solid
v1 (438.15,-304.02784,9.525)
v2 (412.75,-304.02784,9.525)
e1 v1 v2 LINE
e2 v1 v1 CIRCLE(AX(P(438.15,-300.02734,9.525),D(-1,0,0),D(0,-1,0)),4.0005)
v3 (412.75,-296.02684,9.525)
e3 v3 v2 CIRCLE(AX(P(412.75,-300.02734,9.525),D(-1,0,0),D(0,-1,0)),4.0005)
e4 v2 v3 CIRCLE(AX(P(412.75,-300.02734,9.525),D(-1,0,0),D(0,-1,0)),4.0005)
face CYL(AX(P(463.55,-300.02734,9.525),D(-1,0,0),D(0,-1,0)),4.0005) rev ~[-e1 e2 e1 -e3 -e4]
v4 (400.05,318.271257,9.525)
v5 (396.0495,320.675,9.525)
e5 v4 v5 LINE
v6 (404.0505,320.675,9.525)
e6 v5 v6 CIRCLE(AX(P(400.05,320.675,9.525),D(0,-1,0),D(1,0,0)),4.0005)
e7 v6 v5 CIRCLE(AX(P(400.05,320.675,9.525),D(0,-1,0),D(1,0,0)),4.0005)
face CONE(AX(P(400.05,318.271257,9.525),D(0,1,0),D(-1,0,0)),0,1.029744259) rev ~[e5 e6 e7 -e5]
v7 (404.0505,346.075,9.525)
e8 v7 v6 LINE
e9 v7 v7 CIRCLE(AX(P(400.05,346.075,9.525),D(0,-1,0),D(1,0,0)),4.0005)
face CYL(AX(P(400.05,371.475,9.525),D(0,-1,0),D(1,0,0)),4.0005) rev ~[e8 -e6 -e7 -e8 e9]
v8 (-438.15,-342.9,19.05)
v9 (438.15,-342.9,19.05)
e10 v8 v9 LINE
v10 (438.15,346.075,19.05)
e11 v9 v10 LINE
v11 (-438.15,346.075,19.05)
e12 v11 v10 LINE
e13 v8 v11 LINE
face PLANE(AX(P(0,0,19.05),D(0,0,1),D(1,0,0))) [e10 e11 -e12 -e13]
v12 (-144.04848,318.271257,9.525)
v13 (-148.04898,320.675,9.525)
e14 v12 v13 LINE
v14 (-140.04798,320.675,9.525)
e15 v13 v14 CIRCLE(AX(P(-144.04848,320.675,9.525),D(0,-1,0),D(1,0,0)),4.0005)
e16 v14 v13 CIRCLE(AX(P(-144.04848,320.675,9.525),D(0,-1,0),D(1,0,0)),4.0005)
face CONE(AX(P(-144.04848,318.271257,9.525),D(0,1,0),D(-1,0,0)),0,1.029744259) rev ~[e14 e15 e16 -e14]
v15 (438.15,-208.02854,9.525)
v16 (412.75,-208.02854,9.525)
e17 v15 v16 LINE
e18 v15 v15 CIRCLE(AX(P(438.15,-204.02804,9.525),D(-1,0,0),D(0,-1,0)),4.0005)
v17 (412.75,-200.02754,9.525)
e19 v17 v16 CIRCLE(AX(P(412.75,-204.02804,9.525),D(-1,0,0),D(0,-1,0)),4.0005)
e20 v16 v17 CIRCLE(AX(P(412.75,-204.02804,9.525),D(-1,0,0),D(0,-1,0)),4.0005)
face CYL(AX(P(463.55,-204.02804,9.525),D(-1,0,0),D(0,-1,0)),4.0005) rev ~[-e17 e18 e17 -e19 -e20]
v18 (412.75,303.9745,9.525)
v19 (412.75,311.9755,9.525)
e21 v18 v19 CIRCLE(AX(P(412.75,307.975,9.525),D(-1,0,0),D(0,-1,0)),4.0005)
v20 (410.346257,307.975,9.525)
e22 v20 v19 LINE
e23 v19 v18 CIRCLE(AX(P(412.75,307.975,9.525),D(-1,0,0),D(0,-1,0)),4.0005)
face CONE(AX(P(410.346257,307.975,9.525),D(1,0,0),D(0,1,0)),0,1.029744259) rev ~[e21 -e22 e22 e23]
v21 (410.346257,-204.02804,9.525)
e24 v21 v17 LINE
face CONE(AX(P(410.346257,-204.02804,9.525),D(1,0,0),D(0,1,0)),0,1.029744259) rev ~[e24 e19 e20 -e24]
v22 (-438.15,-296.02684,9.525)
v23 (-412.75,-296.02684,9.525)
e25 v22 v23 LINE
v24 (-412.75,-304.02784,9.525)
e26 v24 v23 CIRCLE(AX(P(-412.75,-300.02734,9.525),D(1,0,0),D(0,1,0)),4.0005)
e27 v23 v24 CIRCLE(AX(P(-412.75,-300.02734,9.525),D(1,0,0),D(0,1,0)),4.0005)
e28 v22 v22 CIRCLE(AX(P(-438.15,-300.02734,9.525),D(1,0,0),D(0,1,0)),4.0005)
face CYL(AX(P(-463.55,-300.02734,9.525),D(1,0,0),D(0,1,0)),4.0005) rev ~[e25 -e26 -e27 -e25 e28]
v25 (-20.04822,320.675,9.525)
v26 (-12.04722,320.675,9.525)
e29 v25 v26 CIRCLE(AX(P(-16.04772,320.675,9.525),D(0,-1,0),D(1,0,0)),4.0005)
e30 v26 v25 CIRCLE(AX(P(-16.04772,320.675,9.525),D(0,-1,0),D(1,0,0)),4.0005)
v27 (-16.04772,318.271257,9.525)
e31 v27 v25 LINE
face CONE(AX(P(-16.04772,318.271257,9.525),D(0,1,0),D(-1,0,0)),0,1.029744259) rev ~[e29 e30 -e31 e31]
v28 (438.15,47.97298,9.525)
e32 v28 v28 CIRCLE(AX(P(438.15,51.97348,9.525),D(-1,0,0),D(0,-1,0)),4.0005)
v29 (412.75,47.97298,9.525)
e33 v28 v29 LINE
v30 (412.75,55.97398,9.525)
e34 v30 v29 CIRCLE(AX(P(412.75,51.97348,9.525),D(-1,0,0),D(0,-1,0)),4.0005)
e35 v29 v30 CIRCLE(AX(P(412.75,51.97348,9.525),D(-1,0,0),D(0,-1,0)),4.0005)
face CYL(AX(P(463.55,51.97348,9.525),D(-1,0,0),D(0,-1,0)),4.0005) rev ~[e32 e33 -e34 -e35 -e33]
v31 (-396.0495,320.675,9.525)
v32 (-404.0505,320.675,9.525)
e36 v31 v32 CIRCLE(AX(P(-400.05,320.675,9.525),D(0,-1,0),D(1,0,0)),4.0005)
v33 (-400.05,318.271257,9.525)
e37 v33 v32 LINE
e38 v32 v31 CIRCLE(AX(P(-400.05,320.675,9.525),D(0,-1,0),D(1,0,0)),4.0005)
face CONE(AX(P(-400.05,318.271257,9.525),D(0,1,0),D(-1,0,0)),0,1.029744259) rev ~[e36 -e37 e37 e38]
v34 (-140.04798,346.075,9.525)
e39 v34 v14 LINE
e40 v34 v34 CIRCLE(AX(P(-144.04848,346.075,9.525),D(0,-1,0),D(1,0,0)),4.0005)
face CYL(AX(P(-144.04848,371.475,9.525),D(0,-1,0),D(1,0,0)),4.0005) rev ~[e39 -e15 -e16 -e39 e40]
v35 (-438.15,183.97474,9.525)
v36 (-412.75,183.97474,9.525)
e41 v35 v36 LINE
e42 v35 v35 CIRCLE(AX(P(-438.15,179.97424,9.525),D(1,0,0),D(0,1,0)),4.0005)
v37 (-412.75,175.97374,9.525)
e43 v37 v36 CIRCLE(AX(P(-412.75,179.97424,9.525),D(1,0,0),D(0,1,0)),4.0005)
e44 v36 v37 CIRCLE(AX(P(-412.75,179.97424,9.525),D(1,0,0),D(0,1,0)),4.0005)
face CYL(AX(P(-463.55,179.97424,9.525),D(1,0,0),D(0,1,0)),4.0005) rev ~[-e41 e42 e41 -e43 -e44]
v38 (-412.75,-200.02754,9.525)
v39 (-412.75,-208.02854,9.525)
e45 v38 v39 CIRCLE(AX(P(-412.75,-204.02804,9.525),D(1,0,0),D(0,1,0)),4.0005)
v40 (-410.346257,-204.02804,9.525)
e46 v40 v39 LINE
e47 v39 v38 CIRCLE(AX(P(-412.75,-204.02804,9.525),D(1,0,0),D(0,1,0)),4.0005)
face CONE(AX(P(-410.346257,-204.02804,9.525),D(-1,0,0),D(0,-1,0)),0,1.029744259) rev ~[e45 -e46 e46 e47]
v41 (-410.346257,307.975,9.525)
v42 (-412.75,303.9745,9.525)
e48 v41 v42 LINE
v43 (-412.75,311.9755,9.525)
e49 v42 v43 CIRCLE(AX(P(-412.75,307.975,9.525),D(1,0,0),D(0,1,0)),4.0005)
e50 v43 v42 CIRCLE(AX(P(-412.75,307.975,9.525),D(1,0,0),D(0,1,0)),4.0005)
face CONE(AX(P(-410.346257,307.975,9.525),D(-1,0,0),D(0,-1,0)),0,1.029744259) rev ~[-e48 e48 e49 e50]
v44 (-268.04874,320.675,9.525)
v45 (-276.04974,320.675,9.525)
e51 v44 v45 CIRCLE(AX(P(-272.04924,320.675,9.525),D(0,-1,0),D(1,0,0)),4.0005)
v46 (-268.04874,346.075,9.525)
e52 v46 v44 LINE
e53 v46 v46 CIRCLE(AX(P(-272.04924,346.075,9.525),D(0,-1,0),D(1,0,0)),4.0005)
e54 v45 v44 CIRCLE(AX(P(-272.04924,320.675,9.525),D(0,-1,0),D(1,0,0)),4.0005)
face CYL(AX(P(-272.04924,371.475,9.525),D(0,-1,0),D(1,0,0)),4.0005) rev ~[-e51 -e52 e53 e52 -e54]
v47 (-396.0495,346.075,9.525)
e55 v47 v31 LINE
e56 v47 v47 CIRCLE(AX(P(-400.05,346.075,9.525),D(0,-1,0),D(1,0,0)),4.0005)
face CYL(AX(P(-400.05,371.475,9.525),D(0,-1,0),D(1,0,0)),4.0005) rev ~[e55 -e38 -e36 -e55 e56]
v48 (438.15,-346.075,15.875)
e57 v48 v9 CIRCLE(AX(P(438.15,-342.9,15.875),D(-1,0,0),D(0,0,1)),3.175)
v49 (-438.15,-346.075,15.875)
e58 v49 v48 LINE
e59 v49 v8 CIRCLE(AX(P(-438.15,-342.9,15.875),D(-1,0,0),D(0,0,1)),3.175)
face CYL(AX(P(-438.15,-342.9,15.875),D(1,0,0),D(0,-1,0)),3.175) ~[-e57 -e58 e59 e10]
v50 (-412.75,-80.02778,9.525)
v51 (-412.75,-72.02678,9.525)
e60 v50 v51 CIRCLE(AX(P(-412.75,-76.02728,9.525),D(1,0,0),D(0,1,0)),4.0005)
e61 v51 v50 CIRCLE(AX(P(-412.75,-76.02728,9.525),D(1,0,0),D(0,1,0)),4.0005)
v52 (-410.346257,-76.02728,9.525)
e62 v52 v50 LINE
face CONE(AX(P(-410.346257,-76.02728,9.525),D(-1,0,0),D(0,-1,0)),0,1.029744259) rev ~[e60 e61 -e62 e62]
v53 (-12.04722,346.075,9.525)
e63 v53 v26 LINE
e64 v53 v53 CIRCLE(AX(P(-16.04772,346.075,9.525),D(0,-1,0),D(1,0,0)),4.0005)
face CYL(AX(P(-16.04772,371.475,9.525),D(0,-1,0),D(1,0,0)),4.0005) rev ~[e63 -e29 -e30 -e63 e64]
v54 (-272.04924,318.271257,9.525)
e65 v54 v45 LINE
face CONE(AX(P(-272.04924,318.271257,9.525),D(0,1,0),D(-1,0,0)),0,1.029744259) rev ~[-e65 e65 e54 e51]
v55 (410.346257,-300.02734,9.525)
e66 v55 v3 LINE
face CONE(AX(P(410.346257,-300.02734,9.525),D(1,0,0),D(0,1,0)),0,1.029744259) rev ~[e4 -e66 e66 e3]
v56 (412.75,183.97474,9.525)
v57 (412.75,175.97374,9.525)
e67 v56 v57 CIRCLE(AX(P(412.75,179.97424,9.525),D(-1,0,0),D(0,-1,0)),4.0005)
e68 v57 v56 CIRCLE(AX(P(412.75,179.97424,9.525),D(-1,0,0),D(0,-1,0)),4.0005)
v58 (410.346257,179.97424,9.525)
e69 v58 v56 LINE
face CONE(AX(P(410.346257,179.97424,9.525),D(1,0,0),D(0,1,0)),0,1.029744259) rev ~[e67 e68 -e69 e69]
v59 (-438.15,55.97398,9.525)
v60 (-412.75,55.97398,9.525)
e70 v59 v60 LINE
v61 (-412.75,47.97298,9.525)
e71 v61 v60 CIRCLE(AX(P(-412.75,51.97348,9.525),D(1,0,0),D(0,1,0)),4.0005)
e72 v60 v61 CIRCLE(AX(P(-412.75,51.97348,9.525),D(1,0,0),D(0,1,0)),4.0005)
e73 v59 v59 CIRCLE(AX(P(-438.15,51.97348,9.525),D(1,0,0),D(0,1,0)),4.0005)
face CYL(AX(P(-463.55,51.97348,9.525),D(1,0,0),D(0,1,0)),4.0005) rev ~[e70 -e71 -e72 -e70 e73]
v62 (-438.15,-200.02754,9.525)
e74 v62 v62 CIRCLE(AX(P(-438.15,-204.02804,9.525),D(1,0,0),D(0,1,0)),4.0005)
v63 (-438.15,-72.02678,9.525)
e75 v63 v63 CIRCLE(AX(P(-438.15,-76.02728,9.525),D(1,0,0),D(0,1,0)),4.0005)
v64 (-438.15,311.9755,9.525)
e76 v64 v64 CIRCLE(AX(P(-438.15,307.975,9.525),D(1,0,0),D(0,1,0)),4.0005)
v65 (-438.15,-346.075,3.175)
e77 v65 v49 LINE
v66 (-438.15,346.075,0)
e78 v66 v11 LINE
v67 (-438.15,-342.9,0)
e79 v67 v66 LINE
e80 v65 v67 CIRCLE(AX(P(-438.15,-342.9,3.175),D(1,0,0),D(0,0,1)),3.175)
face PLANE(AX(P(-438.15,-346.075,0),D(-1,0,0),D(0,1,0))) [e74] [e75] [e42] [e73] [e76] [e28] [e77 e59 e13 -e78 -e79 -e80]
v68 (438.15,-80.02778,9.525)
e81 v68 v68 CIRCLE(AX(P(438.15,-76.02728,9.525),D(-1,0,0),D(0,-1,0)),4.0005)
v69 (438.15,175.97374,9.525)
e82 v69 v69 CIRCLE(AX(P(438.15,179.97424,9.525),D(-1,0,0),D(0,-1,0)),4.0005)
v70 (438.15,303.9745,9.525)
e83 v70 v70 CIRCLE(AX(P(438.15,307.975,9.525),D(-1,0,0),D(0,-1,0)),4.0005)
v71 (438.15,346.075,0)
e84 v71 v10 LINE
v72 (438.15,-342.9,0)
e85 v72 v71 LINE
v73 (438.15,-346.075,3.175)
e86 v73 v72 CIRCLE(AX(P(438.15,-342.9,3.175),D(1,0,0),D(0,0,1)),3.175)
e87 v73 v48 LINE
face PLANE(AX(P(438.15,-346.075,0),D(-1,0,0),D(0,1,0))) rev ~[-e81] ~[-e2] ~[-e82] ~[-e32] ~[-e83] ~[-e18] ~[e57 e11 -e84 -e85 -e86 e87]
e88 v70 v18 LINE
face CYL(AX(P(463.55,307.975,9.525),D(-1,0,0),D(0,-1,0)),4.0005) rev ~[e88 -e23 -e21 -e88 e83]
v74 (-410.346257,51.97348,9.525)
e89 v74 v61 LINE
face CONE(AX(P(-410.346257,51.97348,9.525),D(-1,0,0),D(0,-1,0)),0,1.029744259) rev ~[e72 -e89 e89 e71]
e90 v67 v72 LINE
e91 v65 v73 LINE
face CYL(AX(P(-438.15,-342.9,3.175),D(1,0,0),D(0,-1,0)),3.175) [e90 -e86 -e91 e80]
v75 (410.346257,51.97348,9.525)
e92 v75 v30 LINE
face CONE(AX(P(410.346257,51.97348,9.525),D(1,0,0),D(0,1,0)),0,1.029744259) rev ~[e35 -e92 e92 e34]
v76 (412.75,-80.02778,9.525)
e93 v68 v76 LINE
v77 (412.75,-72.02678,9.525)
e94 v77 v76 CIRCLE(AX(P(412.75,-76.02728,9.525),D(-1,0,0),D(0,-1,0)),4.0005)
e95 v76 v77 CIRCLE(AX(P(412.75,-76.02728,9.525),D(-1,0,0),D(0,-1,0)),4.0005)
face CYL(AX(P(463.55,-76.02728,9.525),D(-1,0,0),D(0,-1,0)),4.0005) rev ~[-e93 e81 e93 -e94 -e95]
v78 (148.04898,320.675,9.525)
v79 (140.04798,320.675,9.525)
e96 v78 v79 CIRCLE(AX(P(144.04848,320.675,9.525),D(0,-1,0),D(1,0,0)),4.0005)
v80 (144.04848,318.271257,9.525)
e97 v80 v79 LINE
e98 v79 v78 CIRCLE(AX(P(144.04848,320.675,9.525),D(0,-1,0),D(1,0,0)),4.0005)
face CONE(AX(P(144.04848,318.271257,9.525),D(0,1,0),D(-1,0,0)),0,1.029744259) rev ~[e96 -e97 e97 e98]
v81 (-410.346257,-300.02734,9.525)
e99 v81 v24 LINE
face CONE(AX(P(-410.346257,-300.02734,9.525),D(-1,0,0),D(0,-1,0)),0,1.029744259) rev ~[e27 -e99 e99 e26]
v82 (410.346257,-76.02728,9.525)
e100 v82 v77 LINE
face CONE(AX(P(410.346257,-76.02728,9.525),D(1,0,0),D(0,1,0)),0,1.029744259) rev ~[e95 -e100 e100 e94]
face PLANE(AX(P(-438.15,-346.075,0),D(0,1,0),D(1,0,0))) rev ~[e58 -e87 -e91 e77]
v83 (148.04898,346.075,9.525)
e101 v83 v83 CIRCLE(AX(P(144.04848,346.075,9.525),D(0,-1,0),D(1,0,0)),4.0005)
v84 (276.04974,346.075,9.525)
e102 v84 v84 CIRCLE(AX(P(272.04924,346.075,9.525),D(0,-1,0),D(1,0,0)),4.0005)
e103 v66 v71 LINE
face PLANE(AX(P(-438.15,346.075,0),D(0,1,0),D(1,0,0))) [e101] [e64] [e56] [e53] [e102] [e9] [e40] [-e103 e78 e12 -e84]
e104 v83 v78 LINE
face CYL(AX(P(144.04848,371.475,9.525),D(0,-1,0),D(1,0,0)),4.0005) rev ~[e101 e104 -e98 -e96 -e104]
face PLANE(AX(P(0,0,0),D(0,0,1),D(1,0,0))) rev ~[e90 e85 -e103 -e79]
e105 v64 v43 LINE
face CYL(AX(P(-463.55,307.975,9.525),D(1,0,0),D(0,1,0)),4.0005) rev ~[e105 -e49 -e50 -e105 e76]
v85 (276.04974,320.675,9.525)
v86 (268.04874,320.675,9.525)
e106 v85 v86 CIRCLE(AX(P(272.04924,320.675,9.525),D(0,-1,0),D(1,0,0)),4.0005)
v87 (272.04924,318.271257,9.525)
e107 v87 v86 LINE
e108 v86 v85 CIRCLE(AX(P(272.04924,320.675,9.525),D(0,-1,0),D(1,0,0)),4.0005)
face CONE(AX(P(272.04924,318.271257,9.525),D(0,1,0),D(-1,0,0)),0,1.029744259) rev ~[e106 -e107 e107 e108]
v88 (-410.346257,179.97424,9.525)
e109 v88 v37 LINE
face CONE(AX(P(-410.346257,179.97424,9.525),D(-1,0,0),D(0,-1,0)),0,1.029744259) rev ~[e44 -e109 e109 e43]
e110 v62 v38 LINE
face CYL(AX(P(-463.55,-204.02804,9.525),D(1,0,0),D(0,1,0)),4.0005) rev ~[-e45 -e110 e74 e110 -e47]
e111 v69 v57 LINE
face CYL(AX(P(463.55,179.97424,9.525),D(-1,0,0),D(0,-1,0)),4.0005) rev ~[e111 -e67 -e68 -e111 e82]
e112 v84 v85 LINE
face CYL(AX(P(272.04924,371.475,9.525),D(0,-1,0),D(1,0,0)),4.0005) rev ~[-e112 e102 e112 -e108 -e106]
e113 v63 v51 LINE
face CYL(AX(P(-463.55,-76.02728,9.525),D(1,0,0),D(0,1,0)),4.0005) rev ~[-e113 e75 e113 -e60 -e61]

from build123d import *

# Parameters (mm, degrees)
F0_W     = 876.3
F0_H     = 692.15
F1_DEPTH = 19.05
F2_R     = 3.175
F4_D     = 8.001
F4_DEPTH = 25.4
F4_TIP   = 2.4037429064
F6_D     = 8.001
F6_DEPTH = 25.4
F6_TIP   = 2.4037429064
F8_D     = 8.001
F8_DEPTH = 25.4
F8_TIP   = 2.4037429064


with BuildPart() as f1:
    # F0 (on Top) → F1 (new body)
    with BuildSketch(Plane.XY):
        Rectangle(F0_W, F0_H)
    extrude(amount=F1_DEPTH)

    # F2
    f2_edges = [f1.edges().sort_by_distance(p)[0] for p in [
        (0, -346.075, 19.05),
        (0, -346.075, 0),
    ]]
    fillet(f2_edges, radius=F2_R)

    # F4
    with Locations(Plane.YZ.offset(438.15)):
        with Locations((307.975, 9.525), (179.97424, 9.525), (51.97348, 9.525), (-76.02728, 9.525), (-204.02804, 9.525), (-300.02734, 9.525)):
            Hole(F4_D / 2, depth=F4_DEPTH)
            with Locations((0, 0, -(F4_DEPTH + F4_TIP / 2))):  # 118° drill point
                Cone(0, F4_D / 2, F4_TIP, mode=Mode.SUBTRACT)

    # F6
    with Locations(Plane(origin=(-438.15, 0, 0), x_dir=(0, -1, 0), z_dir=(-1, 0, 0))):
        with Locations((-307.975, 9.525), (-179.97424, 9.525), (-51.97348, 9.525), (76.02728, 9.525), (204.02804, 9.525), (300.02734, 9.525)):
            Hole(F6_D / 2, depth=F6_DEPTH)
            with Locations((0, 0, -(F6_DEPTH + F6_TIP / 2))):  # 118° drill point
                Cone(0, F6_D / 2, F6_TIP, mode=Mode.SUBTRACT)

    # F8
    with Locations(Plane(origin=(0, 346.075, 0), x_dir=(-1, 0, 0), z_dir=(0, 1, 0))):
        with Locations((-400.05, 9.525), (-272.04924, 9.525), (-144.04848, 9.525), (16.04772, 9.525), (144.04848, 9.525), (272.04924, 9.525), (400.05, 9.525)):
            Hole(F8_D / 2, depth=F8_DEPTH)
            with Locations((0, 0, -(F8_DEPTH + F8_TIP / 2))):  # 118° drill point
                Cone(0, F8_D / 2, F8_TIP, mode=Mode.SUBTRACT)


solid = f1.part
